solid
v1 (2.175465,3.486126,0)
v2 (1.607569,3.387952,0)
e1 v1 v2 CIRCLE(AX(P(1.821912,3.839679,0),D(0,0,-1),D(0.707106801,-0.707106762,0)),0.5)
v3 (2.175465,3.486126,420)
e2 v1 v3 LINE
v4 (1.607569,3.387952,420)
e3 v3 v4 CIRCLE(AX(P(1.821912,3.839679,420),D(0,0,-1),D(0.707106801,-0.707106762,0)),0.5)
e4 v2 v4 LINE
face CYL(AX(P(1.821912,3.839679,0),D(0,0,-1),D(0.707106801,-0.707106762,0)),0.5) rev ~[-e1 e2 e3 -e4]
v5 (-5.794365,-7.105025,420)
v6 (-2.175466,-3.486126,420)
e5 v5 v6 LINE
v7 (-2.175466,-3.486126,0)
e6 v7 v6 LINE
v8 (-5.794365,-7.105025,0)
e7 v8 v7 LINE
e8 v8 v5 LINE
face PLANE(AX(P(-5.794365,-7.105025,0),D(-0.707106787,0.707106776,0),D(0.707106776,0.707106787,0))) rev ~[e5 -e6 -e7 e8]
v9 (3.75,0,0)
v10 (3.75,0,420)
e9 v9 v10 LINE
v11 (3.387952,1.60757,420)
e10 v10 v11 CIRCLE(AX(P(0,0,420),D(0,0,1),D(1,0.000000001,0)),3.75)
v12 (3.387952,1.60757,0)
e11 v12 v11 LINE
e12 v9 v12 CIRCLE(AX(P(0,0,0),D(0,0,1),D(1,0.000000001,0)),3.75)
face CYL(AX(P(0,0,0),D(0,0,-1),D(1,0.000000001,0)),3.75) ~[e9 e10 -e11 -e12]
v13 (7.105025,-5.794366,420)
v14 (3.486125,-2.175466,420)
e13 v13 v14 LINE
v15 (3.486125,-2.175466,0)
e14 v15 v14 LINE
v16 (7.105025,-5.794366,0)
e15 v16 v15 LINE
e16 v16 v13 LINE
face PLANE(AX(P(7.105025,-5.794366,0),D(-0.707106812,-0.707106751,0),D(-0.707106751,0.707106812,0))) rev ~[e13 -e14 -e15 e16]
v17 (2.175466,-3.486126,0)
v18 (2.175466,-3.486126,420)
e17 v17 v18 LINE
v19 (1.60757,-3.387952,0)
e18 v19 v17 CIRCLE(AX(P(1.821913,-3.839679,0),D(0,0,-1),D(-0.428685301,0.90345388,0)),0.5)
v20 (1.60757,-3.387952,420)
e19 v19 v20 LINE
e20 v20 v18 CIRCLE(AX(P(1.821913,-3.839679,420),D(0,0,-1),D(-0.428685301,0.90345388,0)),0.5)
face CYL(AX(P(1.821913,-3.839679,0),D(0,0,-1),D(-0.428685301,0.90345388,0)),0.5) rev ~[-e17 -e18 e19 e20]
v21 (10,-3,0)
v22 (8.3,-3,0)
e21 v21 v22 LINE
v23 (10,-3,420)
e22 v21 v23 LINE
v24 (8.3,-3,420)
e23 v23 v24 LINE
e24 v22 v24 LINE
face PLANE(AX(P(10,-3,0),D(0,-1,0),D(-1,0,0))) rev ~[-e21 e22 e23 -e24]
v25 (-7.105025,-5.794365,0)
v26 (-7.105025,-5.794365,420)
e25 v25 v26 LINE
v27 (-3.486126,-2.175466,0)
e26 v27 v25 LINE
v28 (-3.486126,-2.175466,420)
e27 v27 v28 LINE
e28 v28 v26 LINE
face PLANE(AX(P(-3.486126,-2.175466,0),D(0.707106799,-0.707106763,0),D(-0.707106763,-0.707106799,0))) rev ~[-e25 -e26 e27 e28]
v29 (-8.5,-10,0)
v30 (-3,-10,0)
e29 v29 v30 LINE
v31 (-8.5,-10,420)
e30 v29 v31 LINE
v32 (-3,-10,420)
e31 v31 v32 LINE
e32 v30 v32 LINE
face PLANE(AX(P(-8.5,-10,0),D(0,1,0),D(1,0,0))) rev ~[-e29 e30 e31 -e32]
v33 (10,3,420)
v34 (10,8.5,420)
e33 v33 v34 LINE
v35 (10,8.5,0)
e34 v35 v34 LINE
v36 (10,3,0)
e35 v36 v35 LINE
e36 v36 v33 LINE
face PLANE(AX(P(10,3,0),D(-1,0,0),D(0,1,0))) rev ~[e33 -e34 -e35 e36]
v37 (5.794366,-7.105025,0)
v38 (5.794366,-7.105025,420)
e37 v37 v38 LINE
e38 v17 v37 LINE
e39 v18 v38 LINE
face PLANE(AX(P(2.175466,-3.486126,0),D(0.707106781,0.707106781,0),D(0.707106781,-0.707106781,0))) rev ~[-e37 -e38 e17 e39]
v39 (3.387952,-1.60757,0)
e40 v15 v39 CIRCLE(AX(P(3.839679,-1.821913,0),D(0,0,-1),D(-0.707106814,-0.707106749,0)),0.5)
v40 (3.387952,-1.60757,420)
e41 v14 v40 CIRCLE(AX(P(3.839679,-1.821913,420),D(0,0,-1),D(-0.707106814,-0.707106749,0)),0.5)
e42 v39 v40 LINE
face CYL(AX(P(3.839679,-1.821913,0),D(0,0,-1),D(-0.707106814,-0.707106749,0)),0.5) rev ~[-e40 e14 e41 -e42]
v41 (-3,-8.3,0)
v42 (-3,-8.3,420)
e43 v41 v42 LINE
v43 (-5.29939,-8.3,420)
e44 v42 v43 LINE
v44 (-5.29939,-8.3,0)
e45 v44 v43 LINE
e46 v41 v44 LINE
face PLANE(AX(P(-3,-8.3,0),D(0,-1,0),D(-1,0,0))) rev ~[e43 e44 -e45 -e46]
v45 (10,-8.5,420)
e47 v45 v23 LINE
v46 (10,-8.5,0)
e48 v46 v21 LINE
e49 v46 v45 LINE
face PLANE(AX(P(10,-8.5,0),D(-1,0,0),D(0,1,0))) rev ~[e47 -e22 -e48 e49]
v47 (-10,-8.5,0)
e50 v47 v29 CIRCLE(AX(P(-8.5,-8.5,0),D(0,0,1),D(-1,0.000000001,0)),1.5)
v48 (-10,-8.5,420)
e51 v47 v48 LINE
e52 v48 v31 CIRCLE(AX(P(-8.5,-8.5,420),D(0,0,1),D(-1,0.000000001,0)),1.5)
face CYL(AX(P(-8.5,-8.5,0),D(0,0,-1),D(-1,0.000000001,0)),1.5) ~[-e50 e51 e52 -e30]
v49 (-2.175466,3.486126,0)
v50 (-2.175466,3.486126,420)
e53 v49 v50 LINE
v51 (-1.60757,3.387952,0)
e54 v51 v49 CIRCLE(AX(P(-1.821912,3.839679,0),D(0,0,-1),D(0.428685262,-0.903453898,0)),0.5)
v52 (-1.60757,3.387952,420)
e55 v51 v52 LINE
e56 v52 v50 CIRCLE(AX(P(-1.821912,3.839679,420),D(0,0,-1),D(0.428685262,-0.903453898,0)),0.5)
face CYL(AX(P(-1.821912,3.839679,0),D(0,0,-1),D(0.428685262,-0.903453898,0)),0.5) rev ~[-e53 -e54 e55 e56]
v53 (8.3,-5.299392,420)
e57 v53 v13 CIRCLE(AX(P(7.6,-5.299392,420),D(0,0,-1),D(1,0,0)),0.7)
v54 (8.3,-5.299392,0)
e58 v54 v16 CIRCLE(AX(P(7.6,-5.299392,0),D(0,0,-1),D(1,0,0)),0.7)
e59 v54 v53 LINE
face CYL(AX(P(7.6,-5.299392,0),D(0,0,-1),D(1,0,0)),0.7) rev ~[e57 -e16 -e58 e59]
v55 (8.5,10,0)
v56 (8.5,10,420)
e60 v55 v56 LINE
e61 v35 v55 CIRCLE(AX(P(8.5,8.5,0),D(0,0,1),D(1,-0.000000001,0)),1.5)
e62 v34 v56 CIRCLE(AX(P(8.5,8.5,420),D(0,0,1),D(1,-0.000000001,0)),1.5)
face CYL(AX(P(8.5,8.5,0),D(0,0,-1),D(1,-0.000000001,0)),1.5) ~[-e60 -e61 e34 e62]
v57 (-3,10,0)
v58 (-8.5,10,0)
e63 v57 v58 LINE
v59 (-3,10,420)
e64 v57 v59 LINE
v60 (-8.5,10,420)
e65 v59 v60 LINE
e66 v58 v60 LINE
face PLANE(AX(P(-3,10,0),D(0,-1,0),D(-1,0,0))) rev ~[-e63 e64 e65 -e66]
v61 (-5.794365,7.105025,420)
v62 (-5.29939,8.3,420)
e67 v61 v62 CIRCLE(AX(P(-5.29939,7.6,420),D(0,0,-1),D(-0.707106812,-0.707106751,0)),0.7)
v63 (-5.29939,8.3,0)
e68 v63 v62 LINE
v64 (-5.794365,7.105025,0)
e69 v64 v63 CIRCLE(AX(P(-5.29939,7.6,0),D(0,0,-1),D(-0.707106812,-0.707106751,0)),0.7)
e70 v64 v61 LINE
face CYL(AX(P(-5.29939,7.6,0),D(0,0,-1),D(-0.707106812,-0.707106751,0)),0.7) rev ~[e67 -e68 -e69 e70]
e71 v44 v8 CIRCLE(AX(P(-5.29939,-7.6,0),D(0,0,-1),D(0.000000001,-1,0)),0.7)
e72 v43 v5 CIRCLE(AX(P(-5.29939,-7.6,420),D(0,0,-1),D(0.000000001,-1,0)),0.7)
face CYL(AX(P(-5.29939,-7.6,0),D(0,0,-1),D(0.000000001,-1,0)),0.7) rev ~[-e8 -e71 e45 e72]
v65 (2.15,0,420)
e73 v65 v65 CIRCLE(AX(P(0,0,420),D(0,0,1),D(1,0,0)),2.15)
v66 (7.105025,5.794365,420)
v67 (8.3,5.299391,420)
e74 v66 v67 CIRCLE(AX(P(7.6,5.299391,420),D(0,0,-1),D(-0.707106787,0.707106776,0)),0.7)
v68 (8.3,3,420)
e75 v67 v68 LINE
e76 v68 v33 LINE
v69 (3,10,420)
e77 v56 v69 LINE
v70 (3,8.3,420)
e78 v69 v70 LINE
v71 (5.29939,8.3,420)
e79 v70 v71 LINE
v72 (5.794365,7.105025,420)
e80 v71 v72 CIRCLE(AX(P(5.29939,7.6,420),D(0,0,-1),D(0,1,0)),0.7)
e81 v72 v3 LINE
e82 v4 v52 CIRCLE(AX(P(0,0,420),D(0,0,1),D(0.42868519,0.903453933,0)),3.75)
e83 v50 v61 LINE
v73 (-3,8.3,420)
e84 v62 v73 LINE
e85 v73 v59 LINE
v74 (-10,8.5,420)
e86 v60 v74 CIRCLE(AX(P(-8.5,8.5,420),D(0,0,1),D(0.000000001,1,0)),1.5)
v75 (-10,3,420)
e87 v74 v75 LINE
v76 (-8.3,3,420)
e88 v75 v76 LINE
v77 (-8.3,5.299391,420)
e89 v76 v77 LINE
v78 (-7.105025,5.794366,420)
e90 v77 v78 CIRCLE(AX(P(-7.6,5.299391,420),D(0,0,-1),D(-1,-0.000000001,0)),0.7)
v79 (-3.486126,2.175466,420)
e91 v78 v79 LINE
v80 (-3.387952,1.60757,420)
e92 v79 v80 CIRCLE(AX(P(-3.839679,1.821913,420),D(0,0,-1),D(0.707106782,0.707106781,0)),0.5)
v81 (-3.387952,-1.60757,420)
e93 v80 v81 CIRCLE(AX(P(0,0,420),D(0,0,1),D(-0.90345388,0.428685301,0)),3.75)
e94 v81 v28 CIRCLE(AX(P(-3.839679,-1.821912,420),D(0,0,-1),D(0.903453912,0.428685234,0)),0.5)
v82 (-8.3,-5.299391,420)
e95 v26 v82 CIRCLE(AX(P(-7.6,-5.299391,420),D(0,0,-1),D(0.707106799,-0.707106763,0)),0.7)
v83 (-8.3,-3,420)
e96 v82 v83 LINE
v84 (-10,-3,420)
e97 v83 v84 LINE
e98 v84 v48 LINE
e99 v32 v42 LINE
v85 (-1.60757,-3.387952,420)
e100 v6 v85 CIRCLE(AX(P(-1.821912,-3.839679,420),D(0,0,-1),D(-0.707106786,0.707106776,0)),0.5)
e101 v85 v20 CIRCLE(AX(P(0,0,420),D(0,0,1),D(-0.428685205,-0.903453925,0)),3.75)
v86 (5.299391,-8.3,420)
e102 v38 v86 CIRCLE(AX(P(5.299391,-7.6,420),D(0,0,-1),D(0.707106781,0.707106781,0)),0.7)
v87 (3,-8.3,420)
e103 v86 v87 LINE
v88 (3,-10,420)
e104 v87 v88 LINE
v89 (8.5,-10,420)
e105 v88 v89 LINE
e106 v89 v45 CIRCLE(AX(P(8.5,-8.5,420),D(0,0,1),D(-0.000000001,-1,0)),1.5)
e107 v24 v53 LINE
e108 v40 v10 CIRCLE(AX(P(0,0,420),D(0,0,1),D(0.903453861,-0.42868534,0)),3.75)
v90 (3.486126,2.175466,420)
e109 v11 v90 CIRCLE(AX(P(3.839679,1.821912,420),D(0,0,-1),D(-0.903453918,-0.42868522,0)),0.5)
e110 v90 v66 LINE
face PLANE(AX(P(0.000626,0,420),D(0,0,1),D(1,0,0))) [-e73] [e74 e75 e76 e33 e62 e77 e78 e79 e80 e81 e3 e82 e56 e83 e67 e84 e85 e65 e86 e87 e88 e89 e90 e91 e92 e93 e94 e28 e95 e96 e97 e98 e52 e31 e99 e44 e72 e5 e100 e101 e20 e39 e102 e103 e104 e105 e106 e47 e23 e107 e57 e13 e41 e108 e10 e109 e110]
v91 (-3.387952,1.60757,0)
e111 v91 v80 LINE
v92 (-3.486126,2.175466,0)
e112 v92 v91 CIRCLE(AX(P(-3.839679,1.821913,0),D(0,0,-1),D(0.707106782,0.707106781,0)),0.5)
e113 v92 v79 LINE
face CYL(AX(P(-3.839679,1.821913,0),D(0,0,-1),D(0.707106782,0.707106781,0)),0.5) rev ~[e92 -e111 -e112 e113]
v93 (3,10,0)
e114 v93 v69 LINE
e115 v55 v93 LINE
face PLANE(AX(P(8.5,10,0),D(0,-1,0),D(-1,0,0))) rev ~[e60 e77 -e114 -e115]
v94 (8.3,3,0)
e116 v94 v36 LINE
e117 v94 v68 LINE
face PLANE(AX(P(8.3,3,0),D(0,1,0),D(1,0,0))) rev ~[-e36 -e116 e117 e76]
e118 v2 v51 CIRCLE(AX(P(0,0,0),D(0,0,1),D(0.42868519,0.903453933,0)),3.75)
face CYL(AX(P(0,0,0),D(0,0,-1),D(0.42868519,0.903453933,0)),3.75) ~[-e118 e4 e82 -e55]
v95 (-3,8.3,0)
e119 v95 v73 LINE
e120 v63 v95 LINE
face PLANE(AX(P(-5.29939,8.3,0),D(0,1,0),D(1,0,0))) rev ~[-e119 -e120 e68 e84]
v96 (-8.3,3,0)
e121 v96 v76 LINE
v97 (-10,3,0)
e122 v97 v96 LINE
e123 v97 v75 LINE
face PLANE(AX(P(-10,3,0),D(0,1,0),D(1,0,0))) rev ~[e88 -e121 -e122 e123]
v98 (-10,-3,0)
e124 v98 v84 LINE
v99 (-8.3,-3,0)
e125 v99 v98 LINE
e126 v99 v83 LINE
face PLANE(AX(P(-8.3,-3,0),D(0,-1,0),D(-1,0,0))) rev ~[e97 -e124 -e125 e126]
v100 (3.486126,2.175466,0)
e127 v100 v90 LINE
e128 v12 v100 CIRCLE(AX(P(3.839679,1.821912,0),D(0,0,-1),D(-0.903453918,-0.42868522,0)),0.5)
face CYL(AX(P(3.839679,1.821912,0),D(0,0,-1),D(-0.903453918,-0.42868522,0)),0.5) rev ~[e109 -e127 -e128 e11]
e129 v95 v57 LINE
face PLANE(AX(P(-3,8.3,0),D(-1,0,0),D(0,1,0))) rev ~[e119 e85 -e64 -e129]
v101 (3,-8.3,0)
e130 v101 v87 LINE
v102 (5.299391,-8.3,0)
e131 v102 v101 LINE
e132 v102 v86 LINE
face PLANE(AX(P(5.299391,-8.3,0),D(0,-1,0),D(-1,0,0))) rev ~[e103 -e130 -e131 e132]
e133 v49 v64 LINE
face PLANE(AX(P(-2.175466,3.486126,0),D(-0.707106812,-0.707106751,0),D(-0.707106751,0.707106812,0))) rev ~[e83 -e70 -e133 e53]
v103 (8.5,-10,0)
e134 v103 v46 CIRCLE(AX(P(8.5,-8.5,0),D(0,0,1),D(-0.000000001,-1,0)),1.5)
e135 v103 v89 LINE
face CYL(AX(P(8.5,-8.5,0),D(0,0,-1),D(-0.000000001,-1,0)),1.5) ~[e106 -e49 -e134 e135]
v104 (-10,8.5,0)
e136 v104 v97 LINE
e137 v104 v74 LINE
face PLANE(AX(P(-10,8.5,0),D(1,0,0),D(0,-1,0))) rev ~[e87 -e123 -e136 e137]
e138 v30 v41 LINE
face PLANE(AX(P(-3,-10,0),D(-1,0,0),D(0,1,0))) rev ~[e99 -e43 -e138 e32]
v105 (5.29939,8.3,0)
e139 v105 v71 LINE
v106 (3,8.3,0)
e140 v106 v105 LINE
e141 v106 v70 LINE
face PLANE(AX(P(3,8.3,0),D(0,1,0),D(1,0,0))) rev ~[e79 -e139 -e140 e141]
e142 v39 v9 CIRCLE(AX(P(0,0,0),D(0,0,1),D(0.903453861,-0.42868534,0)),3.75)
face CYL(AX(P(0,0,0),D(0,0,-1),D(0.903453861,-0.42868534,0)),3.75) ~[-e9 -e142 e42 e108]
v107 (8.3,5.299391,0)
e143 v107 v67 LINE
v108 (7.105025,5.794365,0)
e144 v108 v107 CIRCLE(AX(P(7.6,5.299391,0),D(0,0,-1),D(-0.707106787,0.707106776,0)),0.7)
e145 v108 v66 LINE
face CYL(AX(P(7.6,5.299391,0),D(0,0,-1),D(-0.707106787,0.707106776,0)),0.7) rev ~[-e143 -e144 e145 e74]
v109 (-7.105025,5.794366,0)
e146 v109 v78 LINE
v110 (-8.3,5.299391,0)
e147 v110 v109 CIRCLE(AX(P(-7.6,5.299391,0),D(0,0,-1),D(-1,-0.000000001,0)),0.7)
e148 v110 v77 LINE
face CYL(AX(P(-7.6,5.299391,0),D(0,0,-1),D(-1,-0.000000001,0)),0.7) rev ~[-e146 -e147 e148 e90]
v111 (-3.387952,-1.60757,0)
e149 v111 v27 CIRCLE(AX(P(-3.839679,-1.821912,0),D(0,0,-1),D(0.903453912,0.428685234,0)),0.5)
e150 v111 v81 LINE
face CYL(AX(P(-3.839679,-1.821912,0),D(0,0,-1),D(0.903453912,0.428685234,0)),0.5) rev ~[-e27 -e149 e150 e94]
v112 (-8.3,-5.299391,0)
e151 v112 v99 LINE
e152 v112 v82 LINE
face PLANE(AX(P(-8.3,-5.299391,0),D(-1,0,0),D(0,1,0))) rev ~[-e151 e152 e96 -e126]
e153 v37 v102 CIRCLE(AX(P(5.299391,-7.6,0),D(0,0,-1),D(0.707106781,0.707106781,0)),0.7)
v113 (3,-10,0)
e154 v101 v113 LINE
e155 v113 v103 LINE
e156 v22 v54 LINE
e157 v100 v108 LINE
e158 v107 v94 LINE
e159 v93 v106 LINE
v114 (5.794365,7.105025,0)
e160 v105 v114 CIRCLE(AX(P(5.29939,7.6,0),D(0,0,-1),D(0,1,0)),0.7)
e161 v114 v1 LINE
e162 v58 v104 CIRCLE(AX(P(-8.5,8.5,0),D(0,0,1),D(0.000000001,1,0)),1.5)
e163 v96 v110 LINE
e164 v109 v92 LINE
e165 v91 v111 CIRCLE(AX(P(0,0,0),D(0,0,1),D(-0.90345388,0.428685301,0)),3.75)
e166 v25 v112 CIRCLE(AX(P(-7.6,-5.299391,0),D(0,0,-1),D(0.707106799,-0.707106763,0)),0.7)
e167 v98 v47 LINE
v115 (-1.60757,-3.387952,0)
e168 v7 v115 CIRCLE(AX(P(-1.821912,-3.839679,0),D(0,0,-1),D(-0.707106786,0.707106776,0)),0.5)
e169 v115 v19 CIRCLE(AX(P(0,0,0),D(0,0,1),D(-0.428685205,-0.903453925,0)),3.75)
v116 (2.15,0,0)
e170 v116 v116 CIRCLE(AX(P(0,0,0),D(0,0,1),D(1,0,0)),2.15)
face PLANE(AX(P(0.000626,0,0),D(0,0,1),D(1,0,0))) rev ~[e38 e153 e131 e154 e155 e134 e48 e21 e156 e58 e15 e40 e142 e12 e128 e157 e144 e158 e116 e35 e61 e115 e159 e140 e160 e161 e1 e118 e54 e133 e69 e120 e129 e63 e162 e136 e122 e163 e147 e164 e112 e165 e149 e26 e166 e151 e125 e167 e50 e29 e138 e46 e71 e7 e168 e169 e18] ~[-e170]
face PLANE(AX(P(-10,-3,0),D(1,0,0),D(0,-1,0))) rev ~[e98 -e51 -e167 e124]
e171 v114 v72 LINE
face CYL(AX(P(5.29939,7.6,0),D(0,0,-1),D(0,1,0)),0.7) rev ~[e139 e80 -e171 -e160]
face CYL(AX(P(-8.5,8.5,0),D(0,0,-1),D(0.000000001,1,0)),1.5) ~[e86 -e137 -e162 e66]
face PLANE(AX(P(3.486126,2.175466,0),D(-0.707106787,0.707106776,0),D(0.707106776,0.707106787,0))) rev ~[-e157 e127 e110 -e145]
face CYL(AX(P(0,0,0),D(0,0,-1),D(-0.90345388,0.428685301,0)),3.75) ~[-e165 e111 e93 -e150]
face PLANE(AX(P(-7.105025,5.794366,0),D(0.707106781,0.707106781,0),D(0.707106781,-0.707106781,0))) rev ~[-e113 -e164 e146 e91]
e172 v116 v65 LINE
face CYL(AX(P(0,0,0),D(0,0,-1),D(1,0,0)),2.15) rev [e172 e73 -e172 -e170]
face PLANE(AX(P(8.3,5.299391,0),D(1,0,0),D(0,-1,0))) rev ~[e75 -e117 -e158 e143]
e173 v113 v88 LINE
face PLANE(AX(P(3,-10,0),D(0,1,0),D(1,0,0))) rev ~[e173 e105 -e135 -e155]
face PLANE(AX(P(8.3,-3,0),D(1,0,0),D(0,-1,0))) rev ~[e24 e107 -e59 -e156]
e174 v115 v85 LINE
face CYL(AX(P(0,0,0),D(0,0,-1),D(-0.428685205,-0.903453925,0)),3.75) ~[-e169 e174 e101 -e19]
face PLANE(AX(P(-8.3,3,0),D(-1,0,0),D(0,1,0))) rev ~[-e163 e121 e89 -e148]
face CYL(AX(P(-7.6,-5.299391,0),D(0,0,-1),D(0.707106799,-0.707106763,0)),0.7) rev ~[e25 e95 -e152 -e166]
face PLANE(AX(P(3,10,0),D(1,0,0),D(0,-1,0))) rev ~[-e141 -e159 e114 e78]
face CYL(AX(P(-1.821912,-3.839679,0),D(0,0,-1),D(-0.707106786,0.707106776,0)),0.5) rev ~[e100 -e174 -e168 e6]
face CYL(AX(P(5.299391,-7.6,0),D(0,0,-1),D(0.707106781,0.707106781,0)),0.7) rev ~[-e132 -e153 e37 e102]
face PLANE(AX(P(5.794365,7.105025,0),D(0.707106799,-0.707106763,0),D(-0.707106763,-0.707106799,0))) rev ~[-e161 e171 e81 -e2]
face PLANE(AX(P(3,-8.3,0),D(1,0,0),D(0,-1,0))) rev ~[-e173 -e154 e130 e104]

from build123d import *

# Parameters (mm, degrees)
ESQUISSE1_R        = 2.15
BOSS_EXTRU_1_DEPTH = 420


with BuildPart() as part:
    # Esquisse1 → Boss.-Extru.1 (new body)
    with BuildSketch(Plane.XY):
        with BuildLine():
            Line((-3, 10), (-8.5, 10))
            ThreePointArc((-8.5, 10), (-9.560660172, 9.560660172), (-10, 8.5))
            Line((-10, 8.5), (-10, 3))
            Line((-10, 3), (-8.300000103, 3))
            Line((-8.300000103, 3), (-8.300000103, 5.299391013))
            ThreePointArc((-8.300000103, 5.299391013), (-7.867878523, 5.946106661), (-7.105025403, 5.794365741))
            Line((-7.105025403, 5.794365741), (-3.486125569, 2.175465907))
            ThreePointArc((-3.486125569, 2.175465907), (-3.346986783, 1.907085393), (-3.38795202, 1.607569866))
            ThreePointArc((-3.38795202, 1.607569866), (-3.749999968, 1.37e-07), (-3.387952137, -1.607569618))
            ThreePointArc((-3.387952137, -1.607569618), (-3.346986918, -1.907085124), (-3.486125693, -2.175465617))
            Line((-3.486125693, -2.175465617), (-7.10502539, -5.794365497))
            ThreePointArc((-7.10502539, -5.794365497), (-7.867878514, -5.946106433), (-8.300000103, -5.299390782))
            Line((-8.300000103, -5.299390782), (-8.300000103, -3))
            Line((-8.300000103, -3), (-10, -3))
            Line((-10, -3), (-10, -8.5))
            ThreePointArc((-10, -8.5), (-9.560660172, -9.560660172), (-8.5, -10))
            Line((-8.5, -10), (-3, -10))
            Line((-3, -10), (-3, -8.29999992))
            Line((-3, -8.29999992), (-5.299390173, -8.29999992))
            ThreePointArc((-5.299390173, -8.29999992), (-5.94610582, -7.867878342), (-5.794364905, -7.105025224))
            Line((-5.794364905, -7.105025224), (-2.175465502, -3.486125765))
            ThreePointArc((-2.175465502, -3.486125765), (-1.907085014, -3.346986981), (-1.607569506, -3.38795219))
            ThreePointArc((-1.607569506, -3.38795219), (1.99e-07, -3.749999968), (1.607569866, -3.38795202))
            ThreePointArc((1.607569866, -3.38795202), (1.907085393, -3.346986783), (2.175465907, -3.486125569))
            Line((2.175465907, -3.486125569), (5.794365558, -7.10502522))
            ThreePointArc((5.794365558, -7.10502522), (5.946106478, -7.86787834), (5.29939083, -8.29999992))
            Line((5.29939083, -8.29999992), (3, -8.29999992))
            Line((3, -8.29999992), (3, -10))
            Line((3, -10), (8.499999896, -10))
            ThreePointArc((8.499999896, -10), (9.560660068, -9.560660172), (9.999999896, -8.5))
            Line((9.999999896, -8.5), (9.999999896, -3))
            Line((9.999999896, -3), (8.300000103, -3))
            Line((8.300000103, -3), (8.300000103, -5.299391569))
            ThreePointArc((8.300000103, -5.299391569), (7.867878509, -5.946107222), (7.105025381, -5.794366275))
            Line((7.105025381, -5.794366275), (3.486125475, -2.175466057))
            ThreePointArc((3.486125475, -2.175466057), (3.346986701, -1.907085538), (3.38795195, -1.607570012))
            ThreePointArc((3.38795195, -1.607570012), (3.658368452, -0.823917488), (3.749999968, 0))
            ThreePointArc((3.749999968, 0), (3.658368507, 0.823917244), (3.387952165, 1.607569559))
            ThreePointArc((3.387952165, 1.607569559), (3.346986951, 1.907085066), (3.486125731, 2.175465556))
            Line((3.486125731, 2.175465556), (7.105025399, 5.79436528))
            ThreePointArc((7.105025399, 5.79436528), (7.86787852, 5.946106205), (8.300000103, 5.299390557))
            Line((8.300000103, 5.299390557), (8.300000103, 3))
            Line((8.300000103, 3), (9.999999896, 3))
            Line((9.999999896, 3), (9.999999896, 8.5))
            ThreePointArc((9.999999896, 8.5), (9.560660068, 9.560660172), (8.499999896, 10))
            Line((8.499999896, 10), (3.499999896, 10))
            Line((3.499999896, 10), (3, 10))
            Line((3, 10), (3, 8.29999992))
            Line((3, 8.29999992), (5.299389948, 8.29999992))
            ThreePointArc((5.299389948, 8.29999992), (5.946105592, 7.867878348), (5.794364688, 7.105025232))
            Line((5.794364688, 7.105025232), (2.175465441, 3.486125803))
            ThreePointArc((2.175465441, 3.486125803), (1.907084956, 3.346987014), (1.607569447, 3.387952218))
            ThreePointArc((1.607569447, 3.387952218), (-1.51e-07, 3.749999968), (-1.60756972, 3.387952089))
            ThreePointArc((-1.60756972, 3.387952089), (-1.907085249, 3.346986865), (-2.175465757, 3.486125663))
            Line((-2.175465757, 3.486125663), (-5.794365024, 7.105025241))
            ThreePointArc((-5.794365024, 7.105025241), (-5.946105917, 7.867878353), (-5.299390275, 8.29999992))
            Line((-5.299390275, 8.29999992), (-3, 8.29999992))
            Line((-3, 8.29999992), (-3, 10))
        make_face()
        Circle(ESQUISSE1_R, mode=Mode.SUBTRACT)
    extrude(amount=BOSS_EXTRU_1_DEPTH)


solid = part.part
